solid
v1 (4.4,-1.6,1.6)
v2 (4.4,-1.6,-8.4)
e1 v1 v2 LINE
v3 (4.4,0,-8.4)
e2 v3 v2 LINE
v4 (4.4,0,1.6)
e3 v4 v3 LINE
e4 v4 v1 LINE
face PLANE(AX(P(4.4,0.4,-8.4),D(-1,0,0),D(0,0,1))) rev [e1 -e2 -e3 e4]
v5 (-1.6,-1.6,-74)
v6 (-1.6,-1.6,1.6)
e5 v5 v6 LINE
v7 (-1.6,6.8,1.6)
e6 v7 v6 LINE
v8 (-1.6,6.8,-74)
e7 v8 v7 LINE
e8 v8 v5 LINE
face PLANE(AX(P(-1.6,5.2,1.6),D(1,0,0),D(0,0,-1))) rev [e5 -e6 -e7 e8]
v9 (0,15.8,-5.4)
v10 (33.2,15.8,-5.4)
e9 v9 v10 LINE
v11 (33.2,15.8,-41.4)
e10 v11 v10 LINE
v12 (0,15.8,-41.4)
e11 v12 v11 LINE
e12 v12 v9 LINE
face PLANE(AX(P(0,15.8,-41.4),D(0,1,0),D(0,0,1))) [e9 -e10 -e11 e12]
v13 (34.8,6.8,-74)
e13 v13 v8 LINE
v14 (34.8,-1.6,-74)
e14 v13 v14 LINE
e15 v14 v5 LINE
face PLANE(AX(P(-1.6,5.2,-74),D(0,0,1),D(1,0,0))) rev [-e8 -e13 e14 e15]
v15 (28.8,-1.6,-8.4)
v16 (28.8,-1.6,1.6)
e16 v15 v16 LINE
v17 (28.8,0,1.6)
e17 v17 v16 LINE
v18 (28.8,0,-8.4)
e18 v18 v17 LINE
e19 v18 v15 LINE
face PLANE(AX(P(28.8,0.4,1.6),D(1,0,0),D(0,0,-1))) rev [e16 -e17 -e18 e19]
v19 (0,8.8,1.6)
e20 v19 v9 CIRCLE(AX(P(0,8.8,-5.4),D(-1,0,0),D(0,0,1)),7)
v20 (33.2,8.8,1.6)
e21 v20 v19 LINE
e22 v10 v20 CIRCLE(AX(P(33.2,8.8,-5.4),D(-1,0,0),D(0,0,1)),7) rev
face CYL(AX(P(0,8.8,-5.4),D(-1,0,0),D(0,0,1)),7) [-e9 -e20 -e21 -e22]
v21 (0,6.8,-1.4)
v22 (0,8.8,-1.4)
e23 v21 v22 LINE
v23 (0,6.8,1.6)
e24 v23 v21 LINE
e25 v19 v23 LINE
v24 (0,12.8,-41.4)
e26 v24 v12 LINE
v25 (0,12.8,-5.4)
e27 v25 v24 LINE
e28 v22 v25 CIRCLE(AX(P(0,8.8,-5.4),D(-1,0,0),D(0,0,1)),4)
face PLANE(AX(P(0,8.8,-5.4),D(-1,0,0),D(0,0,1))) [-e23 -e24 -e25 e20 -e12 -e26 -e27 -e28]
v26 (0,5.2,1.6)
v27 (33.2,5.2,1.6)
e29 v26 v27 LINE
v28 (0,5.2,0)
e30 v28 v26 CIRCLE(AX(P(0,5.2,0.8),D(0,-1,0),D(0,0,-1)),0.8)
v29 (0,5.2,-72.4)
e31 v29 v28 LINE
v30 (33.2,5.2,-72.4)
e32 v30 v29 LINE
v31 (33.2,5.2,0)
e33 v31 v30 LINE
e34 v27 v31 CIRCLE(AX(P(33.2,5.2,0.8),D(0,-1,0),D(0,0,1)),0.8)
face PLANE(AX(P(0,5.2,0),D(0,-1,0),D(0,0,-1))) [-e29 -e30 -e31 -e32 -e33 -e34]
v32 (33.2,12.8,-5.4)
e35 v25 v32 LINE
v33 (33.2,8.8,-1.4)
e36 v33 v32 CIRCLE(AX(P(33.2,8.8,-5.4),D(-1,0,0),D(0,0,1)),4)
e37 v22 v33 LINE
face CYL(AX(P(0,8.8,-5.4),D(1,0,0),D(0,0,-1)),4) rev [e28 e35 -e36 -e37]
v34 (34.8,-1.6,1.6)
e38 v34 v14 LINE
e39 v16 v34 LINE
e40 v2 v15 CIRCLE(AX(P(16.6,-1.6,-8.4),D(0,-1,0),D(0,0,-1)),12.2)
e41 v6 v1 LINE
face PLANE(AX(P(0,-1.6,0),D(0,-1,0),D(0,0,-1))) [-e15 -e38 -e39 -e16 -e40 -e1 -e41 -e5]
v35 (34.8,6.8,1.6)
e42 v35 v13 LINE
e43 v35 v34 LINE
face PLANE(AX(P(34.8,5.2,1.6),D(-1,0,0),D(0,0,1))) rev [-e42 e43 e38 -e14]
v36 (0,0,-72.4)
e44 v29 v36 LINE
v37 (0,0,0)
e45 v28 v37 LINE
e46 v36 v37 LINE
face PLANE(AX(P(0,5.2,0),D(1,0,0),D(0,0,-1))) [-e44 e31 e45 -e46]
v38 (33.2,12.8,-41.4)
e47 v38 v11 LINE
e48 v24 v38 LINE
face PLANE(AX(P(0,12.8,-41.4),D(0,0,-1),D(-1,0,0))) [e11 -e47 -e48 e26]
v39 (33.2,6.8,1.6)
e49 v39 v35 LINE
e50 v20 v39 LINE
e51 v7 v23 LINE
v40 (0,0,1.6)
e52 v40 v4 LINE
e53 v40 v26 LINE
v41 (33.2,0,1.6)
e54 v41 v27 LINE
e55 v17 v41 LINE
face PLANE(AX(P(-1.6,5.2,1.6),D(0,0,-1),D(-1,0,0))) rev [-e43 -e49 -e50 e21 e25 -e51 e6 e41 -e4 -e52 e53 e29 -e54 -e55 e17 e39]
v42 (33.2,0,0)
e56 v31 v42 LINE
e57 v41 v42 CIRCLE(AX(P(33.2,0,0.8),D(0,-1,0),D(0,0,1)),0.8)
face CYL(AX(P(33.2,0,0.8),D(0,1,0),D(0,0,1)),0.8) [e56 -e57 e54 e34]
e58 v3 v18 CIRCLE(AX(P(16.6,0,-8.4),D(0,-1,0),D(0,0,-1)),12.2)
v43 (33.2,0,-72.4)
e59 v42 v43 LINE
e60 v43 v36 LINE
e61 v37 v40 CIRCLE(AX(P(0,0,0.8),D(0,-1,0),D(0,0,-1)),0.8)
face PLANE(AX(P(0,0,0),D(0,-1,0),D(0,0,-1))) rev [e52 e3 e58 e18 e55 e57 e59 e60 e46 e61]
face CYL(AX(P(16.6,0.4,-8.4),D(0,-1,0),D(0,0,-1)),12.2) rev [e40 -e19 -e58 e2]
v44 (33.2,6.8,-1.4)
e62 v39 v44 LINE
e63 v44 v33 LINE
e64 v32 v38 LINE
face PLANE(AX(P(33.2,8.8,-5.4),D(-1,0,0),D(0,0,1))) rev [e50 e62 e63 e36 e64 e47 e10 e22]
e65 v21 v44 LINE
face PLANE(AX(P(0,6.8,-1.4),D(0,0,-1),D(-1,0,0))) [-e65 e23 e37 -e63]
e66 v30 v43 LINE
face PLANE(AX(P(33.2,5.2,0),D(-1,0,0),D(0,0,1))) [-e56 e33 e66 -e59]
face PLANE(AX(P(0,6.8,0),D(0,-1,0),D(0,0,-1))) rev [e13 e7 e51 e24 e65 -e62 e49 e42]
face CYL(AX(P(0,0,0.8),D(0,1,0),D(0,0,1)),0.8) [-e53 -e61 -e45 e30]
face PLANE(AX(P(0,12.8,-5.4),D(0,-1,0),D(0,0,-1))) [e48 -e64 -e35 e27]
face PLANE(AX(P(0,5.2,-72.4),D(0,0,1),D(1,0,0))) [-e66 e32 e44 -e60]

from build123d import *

# Parameters (mm, degrees)
SKETCH1_W           = 36.4
SKETCH1_H           = 75.6
SKETCH1_W_2         = 33.2
SKETCH1_H_2         = 72.4
BOSS_EXTRUDE1_DEPTH = 5.2
SKETCH2_W           = 36.4
SKETCH2_H           = 75.6
BOSS_EXTRUDE2_DEPTH = 1.6
BOSS_EXTRUDE3_START = 5.2
SKETCH2_2_W         = 36.4
SKETCH2_2_H         = 75.6
BOSS_EXTRUDE3_DEPTH = 1.6
CUT_EXTRUDE1_START  = -1.6
CUT_EXTRUDE1_DEPTH  = 5.2
BOSS_EXTRUDE4_START = -1.6
BOSS_EXTRUDE4_DEPTH = 33.2
CUT_EXTRUDE2_DEPTH  = 2
FILLET1_R           = 7


with BuildPart() as part:
    # Sketch1 → Boss-Extrude1 (new body)
    with BuildSketch(Plane(origin=(0, 0, 0), x_dir=(1, 0, 0), z_dir=(0, 1, 0))):
        with Locations((16.6, 36.2)):
            Rectangle(SKETCH1_W, SKETCH1_H)
        with Locations((16.6, 36.2)):
            Rectangle(SKETCH1_W_2, SKETCH1_H_2, mode=Mode.SUBTRACT)
    extrude(amount=BOSS_EXTRUDE1_DEPTH)

    # Sketch2 → Boss-Extrude2 (add)
    with BuildSketch(Plane(origin=(0, 0, 0), x_dir=(1, 0, 0), z_dir=(0, 1, 0))):
        with Locations((16.6, 36.2)):
            Rectangle(SKETCH2_W, SKETCH2_H)
    extrude(amount=-BOSS_EXTRUDE2_DEPTH)

    # Sketch2<2> → Boss-Extrude3 (add)
    with BuildSketch(Plane(origin=(0, 0, 0), x_dir=(1, 0, 0), z_dir=(0, 1, 0)).offset(BOSS_EXTRUDE3_START)):
        with Locations((16.6, 36.2)):
            Rectangle(SKETCH2_2_W, SKETCH2_2_H)
    extrude(amount=BOSS_EXTRUDE3_DEPTH)

    # Sketch3 → Cut-Extrude1 (cut)
    with BuildSketch(Plane(origin=(0, 6.8, 0), x_dir=(1, 0, 0), z_dir=(0, 1, 0)).offset(CUT_EXTRUDE1_START)):
        with BuildLine():
            Line((0, 0), (33.2, 0))
            ThreePointArc((33.2, 0), (32.4, -0.8), (33.2, -1.6))
            Line((33.2, -1.6), (0, -1.6))
            ThreePointArc((0, -1.6), (0.8, -0.8), (0, 0))
        make_face()
    extrude(amount=-CUT_EXTRUDE1_DEPTH, mode=Mode.SUBTRACT)

    # Sketch4 → Boss-Extrude4 (add)
    with BuildSketch(Plane(origin=(34.8, 0, 0), x_dir=(0, 0, -1), z_dir=(1, 0, 0)).offset(BOSS_EXTRUDE4_START)):
        with BuildLine():
            Line((1.4, 6.8), (1.4, 8.8))
            ThreePointArc((1.4, 8.8), (2.571572875, 11.628427125), (5.4, 12.8))
            Line((5.4, 12.8), (41.4, 12.8))
            Line((41.4, 12.8), (41.4, 15.8))
            Line((41.4, 15.8), (-1.6, 15.8))
            Line((-1.6, 15.8), (-1.6, 6.8))
            Line((-1.6, 6.8), (1.4, 6.8))
        make_face()
    extrude(amount=-BOSS_EXTRUDE4_DEPTH)

    # Sketch5 → Cut-Extrude2 (cut)
    with BuildSketch(Plane.XZ.offset(1.6)):
        with BuildLine():
            Line((4.4, 1.6), (28.8, 1.6))
            Line((28.8, 1.6), (28.8, -8.4))
            ThreePointArc((28.8, -8.4), (16.6, -20.6), (4.4, -8.4))
            Line((4.4, -8.4), (4.4, 1.6))
        make_face()
    extrude(amount=-CUT_EXTRUDE2_DEPTH, mode=Mode.SUBTRACT)

    # Fillet1
    fillet1_edges = [part.edges().sort_by_distance(p)[0] for p in [
        (16.6, 15.8, 1.6),
    ]]
    fillet(fillet1_edges, radius=FILLET1_R)


solid = part.part
